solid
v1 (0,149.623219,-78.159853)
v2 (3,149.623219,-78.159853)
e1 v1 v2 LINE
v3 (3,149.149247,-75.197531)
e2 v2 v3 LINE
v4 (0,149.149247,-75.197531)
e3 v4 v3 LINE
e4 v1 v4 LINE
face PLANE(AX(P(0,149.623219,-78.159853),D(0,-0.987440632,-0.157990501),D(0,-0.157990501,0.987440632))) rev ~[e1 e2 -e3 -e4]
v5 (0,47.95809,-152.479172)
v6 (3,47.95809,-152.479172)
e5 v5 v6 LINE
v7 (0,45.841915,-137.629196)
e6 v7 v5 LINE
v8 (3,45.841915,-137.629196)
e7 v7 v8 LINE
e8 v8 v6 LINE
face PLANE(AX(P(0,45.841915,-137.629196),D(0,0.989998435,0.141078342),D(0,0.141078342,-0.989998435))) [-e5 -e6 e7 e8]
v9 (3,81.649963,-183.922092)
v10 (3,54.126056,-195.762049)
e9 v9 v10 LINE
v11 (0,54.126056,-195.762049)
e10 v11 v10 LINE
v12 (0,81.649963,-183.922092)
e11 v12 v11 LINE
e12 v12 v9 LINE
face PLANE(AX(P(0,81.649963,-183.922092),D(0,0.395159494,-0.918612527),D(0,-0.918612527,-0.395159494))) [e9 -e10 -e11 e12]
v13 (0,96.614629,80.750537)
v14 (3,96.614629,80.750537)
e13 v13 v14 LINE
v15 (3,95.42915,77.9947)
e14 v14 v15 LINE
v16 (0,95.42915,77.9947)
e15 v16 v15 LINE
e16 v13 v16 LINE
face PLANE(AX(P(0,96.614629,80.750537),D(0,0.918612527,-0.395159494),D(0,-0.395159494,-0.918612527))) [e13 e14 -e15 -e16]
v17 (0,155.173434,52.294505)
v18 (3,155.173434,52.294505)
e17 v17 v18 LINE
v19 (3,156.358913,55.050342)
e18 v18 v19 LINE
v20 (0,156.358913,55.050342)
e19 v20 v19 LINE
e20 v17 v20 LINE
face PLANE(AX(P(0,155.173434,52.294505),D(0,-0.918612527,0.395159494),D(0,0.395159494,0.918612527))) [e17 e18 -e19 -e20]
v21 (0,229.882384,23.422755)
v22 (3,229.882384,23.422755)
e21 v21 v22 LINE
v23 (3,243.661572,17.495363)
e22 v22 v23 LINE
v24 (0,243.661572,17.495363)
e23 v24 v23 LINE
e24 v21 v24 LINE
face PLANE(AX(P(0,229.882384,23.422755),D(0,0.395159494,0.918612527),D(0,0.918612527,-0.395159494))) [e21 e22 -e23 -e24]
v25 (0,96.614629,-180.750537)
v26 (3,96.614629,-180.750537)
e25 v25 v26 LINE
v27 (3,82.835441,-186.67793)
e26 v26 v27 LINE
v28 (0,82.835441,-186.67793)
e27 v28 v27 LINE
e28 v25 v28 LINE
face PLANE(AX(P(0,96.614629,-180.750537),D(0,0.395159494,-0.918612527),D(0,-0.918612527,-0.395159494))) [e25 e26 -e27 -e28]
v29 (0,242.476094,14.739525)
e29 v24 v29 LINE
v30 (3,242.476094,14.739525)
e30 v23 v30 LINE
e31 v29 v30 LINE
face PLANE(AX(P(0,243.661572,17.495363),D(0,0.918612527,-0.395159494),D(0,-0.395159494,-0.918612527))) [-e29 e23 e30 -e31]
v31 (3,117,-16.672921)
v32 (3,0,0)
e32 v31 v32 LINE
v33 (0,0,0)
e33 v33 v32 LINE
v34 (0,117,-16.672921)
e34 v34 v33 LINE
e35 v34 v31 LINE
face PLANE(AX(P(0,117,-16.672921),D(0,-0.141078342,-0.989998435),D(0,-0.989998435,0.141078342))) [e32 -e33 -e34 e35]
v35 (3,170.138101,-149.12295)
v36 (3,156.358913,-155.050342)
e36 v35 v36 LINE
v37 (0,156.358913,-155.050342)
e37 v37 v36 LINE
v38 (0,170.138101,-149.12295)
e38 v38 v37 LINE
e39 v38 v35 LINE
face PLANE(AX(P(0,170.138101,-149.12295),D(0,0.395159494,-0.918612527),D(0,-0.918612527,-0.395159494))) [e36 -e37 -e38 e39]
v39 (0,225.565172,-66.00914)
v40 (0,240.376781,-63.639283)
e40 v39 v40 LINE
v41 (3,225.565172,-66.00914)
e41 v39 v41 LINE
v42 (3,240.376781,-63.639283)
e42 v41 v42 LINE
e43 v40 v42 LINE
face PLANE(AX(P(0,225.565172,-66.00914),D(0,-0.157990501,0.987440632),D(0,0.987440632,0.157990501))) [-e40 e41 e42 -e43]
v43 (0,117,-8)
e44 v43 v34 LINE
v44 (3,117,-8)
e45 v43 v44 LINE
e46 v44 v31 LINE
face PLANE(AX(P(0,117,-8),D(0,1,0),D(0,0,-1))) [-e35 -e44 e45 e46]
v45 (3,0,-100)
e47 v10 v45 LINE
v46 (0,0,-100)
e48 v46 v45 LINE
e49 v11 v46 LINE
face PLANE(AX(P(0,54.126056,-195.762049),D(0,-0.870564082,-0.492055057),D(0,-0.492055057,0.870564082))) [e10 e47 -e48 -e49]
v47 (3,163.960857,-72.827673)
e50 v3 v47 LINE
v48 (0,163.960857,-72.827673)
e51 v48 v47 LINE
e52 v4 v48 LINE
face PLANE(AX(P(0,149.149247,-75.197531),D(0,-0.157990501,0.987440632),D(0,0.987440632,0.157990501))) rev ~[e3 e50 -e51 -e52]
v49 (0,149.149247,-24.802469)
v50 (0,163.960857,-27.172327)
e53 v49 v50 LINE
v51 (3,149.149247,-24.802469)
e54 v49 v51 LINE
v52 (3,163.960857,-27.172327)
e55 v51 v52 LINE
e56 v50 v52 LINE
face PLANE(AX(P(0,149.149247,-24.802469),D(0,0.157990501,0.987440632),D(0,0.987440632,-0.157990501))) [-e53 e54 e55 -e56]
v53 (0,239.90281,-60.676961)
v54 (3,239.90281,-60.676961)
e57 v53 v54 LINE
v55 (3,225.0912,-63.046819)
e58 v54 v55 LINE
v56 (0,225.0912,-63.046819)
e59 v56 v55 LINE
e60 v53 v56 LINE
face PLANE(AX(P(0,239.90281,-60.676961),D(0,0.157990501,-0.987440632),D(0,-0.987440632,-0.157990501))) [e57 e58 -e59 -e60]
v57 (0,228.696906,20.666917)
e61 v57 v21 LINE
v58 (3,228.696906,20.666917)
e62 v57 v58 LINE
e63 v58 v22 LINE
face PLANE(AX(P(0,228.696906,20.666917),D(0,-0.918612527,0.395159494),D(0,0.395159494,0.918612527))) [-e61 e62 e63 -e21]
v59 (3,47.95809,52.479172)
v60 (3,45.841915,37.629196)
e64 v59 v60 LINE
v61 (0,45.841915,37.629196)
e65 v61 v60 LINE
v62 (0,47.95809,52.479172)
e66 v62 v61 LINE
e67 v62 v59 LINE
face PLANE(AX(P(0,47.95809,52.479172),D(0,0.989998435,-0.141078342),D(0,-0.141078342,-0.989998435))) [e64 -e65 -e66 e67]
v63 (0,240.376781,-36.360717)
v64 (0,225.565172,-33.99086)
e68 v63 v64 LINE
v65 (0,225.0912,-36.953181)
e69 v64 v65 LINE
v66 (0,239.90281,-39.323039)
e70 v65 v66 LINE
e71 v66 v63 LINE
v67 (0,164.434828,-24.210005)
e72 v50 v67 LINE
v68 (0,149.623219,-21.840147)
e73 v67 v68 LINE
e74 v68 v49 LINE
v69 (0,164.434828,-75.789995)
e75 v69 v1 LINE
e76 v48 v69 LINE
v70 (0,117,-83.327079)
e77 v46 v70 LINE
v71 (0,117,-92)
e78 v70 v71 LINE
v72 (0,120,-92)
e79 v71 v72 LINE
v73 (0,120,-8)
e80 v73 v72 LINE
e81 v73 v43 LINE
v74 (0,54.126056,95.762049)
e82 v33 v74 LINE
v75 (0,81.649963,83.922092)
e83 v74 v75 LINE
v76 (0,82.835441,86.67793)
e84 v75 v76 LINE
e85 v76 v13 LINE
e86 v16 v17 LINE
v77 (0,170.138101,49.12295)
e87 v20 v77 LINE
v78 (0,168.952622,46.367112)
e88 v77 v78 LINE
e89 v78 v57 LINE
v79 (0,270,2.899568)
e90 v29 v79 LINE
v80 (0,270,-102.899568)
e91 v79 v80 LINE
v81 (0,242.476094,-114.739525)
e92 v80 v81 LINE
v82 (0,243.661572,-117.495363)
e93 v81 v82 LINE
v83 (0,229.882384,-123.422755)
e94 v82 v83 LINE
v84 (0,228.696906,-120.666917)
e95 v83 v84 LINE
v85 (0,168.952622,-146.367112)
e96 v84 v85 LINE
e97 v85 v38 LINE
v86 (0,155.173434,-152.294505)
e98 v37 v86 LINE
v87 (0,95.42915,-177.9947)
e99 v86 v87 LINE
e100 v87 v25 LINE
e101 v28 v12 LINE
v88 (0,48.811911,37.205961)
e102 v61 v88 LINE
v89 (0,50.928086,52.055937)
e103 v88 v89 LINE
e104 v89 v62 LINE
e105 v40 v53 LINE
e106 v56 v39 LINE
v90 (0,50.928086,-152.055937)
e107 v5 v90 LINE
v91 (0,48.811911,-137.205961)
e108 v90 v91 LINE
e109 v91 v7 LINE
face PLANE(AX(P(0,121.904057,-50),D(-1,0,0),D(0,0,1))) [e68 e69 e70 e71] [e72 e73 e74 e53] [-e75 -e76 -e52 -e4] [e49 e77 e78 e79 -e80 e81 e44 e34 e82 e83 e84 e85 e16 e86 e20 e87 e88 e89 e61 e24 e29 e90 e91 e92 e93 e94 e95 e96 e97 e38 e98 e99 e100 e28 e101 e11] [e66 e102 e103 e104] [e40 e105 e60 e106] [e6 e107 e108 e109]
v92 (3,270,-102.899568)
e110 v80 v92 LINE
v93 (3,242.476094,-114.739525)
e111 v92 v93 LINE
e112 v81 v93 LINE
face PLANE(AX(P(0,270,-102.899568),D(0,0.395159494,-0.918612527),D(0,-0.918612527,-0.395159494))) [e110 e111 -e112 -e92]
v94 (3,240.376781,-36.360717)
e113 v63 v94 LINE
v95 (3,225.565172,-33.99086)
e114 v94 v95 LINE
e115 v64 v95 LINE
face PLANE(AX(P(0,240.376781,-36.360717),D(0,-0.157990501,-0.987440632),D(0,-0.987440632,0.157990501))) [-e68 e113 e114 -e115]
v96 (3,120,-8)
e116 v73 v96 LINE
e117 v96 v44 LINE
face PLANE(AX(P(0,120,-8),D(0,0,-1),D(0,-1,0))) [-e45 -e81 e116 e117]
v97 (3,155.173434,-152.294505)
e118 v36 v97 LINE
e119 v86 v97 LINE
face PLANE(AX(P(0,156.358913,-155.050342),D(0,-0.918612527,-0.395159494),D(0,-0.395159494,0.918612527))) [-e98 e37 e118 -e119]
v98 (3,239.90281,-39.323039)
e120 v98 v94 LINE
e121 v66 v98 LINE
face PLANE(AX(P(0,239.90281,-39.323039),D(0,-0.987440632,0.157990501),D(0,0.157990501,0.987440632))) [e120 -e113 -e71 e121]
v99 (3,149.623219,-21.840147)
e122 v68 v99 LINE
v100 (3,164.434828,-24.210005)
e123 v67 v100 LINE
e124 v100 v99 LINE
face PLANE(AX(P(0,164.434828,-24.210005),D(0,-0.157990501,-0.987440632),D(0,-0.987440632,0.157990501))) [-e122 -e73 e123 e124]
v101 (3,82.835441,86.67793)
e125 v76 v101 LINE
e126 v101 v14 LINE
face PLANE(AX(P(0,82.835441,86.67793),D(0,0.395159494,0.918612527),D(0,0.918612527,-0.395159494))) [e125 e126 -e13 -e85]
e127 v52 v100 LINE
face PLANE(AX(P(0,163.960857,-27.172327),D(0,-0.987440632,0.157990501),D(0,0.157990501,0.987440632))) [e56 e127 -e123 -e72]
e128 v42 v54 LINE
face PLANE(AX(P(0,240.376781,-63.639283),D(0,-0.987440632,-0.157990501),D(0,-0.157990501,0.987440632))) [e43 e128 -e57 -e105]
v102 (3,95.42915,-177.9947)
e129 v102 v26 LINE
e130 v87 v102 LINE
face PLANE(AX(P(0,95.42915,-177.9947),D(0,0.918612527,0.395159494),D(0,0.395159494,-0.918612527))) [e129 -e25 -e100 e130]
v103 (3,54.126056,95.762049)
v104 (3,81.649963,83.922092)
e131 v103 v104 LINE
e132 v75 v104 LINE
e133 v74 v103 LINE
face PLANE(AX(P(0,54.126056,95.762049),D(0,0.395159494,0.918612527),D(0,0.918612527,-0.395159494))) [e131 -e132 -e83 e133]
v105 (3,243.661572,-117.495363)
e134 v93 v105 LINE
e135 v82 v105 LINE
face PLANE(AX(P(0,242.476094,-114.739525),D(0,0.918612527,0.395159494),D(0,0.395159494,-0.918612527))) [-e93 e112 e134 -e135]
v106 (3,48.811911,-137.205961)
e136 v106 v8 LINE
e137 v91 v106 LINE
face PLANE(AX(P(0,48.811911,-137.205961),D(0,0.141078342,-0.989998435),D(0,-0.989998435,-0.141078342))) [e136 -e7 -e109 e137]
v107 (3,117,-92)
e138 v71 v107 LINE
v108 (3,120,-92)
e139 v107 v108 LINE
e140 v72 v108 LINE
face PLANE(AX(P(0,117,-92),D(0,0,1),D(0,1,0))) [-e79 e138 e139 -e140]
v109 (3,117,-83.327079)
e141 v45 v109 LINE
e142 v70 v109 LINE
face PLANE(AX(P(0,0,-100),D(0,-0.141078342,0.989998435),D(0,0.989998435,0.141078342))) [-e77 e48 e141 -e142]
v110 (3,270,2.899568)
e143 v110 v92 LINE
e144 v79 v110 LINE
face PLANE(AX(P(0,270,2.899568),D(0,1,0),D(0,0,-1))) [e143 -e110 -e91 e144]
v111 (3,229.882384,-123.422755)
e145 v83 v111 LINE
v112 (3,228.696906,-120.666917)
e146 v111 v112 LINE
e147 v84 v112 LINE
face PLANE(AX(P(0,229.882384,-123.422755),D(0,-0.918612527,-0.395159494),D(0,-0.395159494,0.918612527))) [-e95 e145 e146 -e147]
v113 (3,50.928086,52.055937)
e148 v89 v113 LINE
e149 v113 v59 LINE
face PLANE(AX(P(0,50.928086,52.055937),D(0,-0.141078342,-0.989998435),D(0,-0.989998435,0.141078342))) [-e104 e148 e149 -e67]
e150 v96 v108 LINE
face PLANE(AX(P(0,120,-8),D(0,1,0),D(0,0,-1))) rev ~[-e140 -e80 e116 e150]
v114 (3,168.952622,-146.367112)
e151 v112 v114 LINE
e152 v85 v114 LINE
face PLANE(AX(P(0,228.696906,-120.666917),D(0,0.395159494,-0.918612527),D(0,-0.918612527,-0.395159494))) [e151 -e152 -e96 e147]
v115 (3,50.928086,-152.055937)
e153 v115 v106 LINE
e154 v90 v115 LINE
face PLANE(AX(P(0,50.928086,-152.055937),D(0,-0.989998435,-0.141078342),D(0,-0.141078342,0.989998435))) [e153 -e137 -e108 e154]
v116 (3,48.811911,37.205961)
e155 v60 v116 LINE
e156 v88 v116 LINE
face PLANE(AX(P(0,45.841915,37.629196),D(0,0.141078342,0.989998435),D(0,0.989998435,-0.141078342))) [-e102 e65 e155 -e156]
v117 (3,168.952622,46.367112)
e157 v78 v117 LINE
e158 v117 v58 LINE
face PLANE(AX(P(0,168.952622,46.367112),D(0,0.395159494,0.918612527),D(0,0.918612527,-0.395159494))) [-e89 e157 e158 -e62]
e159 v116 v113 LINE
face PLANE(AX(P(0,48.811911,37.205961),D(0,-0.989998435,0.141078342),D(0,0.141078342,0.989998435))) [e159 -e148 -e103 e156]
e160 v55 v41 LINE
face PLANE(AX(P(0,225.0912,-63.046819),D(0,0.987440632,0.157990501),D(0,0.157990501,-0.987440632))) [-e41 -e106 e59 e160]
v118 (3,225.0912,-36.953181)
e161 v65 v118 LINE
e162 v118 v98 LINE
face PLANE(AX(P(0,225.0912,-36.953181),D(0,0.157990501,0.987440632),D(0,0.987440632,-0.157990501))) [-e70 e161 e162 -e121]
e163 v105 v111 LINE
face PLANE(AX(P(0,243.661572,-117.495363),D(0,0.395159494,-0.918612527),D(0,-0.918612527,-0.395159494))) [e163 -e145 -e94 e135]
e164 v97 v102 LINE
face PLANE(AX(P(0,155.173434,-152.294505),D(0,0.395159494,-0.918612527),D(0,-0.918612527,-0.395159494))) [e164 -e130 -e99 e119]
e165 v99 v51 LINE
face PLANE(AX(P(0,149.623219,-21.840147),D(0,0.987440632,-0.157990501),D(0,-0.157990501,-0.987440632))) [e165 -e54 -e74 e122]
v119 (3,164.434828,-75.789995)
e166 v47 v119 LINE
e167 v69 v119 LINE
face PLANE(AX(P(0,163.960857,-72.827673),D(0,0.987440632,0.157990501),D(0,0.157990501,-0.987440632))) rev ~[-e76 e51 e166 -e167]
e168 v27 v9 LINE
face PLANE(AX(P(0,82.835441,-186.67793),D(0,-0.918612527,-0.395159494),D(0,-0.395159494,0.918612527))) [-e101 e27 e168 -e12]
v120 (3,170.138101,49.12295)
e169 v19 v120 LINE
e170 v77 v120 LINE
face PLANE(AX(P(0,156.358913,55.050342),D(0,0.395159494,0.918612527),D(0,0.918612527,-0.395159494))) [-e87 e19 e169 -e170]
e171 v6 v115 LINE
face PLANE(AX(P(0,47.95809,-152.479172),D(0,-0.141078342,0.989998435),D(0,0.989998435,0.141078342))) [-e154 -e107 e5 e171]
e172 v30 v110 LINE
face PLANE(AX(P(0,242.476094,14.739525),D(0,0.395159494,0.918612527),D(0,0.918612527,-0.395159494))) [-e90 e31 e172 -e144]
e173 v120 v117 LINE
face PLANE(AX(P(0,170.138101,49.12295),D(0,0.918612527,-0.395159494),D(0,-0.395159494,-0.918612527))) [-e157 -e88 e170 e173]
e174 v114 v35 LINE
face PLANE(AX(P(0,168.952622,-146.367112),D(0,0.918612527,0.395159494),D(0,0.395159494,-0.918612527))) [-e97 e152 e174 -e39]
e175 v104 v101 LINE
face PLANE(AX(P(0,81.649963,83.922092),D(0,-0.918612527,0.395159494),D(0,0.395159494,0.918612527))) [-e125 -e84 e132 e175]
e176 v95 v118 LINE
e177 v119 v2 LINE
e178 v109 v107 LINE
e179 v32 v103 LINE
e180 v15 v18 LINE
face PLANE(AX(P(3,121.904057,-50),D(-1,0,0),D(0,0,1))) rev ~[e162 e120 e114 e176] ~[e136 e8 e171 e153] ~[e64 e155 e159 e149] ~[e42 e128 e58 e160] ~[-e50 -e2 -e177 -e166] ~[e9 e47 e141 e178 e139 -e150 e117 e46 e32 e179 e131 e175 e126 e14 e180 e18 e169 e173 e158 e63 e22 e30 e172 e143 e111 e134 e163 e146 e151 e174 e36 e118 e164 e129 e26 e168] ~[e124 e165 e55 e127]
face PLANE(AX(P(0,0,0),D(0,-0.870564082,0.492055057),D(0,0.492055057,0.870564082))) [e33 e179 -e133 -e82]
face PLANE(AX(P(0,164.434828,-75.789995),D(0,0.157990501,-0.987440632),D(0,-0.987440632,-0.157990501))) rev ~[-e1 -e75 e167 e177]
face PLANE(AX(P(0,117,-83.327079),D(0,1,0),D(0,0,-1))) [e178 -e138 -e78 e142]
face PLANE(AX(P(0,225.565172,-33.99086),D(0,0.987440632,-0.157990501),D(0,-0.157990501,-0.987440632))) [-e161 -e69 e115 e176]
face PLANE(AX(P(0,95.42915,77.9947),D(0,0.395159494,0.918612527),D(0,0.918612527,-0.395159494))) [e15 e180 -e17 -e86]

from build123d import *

# Parameters (mm, degrees)
BOSS_EXTRUDE1_DEPTH = 3


with BuildPart() as part:
    # Sketch2 → Boss-Extrude1 (new body)
    with BuildSketch(Plane(origin=(0, 0, 0), x_dir=(0, 0, -1), z_dir=(1, 0, 0))):
        Polygon((0, 0), (-95.762049044, 54.126056228), (-83.922091974, 81.649962502), (-86.677929554, 82.835440985), (-80.750537142, 96.614628885), (-77.994699562, 95.429150402), (-52.294504689, 155.173434164), (-55.050342269, 156.358912646), (-49.122949857, 170.138100547), (-46.367112277, 168.952622064), (-20.666917403, 228.696905826), (-23.422754983, 229.882384308), (-17.495362571, 243.661572208), (-14.739524991, 242.476093726), (-2.899567921, 270), (102.899567921, 270), (114.739524991, 242.476093726), (117.495362571, 243.661572208), (123.422754983, 229.882384308), (120.666917403, 228.696905826), (146.367112277, 168.952622064), (149.122949857, 170.138100547), (155.050342269, 156.358912646), (152.294504689, 155.173434164), (177.994699562, 95.429150402), (180.750537142, 96.614628885), (186.677929554, 82.835440985), (183.922091974, 81.649962502), (195.762049044, 54.126056228), (100, 0), (83.327078723, 117), (92, 117), (92, 120), (80, 120), (20, 120), (8, 120), (8, 117), (16.672921277, 117), align=None)
        Polygon((24.210004629, 164.434828436), (21.840147112, 149.623218958), (24.802469008, 149.149247454), (27.172326524, 163.960856933), align=None, mode=Mode.SUBTRACT)
        Polygon((36.360717046, 240.376781042), (33.990859529, 225.565171564), (36.953181425, 225.09120006), (39.323038941, 239.902809539), align=None, mode=Mode.SUBTRACT)
        Polygon((75.197530992, 149.149247454), (72.827673476, 163.960856933), (75.789995371, 164.434828436), (78.159852888, 149.623218958), align=None, mode=Mode.SUBTRACT)
        Polygon((63.046818575, 225.09120006), (66.009140471, 225.565171564), (63.639282954, 240.376781042), (60.676961059, 239.902809539), align=None, mode=Mode.SUBTRACT)
        Polygon((-52.479172452, 47.958090467), (-37.629195925, 45.841915342), (-37.2059609, 48.811910647), (-52.055937427, 50.928085772), align=None, mode=Mode.SUBTRACT)
        Polygon((137.2059609, 48.811910647), (137.629195925, 45.841915342), (152.479172452, 47.958090467), (152.055937427, 50.928085772), align=None, mode=Mode.SUBTRACT)
    extrude(amount=BOSS_EXTRUDE1_DEPTH)


solid = part.part
